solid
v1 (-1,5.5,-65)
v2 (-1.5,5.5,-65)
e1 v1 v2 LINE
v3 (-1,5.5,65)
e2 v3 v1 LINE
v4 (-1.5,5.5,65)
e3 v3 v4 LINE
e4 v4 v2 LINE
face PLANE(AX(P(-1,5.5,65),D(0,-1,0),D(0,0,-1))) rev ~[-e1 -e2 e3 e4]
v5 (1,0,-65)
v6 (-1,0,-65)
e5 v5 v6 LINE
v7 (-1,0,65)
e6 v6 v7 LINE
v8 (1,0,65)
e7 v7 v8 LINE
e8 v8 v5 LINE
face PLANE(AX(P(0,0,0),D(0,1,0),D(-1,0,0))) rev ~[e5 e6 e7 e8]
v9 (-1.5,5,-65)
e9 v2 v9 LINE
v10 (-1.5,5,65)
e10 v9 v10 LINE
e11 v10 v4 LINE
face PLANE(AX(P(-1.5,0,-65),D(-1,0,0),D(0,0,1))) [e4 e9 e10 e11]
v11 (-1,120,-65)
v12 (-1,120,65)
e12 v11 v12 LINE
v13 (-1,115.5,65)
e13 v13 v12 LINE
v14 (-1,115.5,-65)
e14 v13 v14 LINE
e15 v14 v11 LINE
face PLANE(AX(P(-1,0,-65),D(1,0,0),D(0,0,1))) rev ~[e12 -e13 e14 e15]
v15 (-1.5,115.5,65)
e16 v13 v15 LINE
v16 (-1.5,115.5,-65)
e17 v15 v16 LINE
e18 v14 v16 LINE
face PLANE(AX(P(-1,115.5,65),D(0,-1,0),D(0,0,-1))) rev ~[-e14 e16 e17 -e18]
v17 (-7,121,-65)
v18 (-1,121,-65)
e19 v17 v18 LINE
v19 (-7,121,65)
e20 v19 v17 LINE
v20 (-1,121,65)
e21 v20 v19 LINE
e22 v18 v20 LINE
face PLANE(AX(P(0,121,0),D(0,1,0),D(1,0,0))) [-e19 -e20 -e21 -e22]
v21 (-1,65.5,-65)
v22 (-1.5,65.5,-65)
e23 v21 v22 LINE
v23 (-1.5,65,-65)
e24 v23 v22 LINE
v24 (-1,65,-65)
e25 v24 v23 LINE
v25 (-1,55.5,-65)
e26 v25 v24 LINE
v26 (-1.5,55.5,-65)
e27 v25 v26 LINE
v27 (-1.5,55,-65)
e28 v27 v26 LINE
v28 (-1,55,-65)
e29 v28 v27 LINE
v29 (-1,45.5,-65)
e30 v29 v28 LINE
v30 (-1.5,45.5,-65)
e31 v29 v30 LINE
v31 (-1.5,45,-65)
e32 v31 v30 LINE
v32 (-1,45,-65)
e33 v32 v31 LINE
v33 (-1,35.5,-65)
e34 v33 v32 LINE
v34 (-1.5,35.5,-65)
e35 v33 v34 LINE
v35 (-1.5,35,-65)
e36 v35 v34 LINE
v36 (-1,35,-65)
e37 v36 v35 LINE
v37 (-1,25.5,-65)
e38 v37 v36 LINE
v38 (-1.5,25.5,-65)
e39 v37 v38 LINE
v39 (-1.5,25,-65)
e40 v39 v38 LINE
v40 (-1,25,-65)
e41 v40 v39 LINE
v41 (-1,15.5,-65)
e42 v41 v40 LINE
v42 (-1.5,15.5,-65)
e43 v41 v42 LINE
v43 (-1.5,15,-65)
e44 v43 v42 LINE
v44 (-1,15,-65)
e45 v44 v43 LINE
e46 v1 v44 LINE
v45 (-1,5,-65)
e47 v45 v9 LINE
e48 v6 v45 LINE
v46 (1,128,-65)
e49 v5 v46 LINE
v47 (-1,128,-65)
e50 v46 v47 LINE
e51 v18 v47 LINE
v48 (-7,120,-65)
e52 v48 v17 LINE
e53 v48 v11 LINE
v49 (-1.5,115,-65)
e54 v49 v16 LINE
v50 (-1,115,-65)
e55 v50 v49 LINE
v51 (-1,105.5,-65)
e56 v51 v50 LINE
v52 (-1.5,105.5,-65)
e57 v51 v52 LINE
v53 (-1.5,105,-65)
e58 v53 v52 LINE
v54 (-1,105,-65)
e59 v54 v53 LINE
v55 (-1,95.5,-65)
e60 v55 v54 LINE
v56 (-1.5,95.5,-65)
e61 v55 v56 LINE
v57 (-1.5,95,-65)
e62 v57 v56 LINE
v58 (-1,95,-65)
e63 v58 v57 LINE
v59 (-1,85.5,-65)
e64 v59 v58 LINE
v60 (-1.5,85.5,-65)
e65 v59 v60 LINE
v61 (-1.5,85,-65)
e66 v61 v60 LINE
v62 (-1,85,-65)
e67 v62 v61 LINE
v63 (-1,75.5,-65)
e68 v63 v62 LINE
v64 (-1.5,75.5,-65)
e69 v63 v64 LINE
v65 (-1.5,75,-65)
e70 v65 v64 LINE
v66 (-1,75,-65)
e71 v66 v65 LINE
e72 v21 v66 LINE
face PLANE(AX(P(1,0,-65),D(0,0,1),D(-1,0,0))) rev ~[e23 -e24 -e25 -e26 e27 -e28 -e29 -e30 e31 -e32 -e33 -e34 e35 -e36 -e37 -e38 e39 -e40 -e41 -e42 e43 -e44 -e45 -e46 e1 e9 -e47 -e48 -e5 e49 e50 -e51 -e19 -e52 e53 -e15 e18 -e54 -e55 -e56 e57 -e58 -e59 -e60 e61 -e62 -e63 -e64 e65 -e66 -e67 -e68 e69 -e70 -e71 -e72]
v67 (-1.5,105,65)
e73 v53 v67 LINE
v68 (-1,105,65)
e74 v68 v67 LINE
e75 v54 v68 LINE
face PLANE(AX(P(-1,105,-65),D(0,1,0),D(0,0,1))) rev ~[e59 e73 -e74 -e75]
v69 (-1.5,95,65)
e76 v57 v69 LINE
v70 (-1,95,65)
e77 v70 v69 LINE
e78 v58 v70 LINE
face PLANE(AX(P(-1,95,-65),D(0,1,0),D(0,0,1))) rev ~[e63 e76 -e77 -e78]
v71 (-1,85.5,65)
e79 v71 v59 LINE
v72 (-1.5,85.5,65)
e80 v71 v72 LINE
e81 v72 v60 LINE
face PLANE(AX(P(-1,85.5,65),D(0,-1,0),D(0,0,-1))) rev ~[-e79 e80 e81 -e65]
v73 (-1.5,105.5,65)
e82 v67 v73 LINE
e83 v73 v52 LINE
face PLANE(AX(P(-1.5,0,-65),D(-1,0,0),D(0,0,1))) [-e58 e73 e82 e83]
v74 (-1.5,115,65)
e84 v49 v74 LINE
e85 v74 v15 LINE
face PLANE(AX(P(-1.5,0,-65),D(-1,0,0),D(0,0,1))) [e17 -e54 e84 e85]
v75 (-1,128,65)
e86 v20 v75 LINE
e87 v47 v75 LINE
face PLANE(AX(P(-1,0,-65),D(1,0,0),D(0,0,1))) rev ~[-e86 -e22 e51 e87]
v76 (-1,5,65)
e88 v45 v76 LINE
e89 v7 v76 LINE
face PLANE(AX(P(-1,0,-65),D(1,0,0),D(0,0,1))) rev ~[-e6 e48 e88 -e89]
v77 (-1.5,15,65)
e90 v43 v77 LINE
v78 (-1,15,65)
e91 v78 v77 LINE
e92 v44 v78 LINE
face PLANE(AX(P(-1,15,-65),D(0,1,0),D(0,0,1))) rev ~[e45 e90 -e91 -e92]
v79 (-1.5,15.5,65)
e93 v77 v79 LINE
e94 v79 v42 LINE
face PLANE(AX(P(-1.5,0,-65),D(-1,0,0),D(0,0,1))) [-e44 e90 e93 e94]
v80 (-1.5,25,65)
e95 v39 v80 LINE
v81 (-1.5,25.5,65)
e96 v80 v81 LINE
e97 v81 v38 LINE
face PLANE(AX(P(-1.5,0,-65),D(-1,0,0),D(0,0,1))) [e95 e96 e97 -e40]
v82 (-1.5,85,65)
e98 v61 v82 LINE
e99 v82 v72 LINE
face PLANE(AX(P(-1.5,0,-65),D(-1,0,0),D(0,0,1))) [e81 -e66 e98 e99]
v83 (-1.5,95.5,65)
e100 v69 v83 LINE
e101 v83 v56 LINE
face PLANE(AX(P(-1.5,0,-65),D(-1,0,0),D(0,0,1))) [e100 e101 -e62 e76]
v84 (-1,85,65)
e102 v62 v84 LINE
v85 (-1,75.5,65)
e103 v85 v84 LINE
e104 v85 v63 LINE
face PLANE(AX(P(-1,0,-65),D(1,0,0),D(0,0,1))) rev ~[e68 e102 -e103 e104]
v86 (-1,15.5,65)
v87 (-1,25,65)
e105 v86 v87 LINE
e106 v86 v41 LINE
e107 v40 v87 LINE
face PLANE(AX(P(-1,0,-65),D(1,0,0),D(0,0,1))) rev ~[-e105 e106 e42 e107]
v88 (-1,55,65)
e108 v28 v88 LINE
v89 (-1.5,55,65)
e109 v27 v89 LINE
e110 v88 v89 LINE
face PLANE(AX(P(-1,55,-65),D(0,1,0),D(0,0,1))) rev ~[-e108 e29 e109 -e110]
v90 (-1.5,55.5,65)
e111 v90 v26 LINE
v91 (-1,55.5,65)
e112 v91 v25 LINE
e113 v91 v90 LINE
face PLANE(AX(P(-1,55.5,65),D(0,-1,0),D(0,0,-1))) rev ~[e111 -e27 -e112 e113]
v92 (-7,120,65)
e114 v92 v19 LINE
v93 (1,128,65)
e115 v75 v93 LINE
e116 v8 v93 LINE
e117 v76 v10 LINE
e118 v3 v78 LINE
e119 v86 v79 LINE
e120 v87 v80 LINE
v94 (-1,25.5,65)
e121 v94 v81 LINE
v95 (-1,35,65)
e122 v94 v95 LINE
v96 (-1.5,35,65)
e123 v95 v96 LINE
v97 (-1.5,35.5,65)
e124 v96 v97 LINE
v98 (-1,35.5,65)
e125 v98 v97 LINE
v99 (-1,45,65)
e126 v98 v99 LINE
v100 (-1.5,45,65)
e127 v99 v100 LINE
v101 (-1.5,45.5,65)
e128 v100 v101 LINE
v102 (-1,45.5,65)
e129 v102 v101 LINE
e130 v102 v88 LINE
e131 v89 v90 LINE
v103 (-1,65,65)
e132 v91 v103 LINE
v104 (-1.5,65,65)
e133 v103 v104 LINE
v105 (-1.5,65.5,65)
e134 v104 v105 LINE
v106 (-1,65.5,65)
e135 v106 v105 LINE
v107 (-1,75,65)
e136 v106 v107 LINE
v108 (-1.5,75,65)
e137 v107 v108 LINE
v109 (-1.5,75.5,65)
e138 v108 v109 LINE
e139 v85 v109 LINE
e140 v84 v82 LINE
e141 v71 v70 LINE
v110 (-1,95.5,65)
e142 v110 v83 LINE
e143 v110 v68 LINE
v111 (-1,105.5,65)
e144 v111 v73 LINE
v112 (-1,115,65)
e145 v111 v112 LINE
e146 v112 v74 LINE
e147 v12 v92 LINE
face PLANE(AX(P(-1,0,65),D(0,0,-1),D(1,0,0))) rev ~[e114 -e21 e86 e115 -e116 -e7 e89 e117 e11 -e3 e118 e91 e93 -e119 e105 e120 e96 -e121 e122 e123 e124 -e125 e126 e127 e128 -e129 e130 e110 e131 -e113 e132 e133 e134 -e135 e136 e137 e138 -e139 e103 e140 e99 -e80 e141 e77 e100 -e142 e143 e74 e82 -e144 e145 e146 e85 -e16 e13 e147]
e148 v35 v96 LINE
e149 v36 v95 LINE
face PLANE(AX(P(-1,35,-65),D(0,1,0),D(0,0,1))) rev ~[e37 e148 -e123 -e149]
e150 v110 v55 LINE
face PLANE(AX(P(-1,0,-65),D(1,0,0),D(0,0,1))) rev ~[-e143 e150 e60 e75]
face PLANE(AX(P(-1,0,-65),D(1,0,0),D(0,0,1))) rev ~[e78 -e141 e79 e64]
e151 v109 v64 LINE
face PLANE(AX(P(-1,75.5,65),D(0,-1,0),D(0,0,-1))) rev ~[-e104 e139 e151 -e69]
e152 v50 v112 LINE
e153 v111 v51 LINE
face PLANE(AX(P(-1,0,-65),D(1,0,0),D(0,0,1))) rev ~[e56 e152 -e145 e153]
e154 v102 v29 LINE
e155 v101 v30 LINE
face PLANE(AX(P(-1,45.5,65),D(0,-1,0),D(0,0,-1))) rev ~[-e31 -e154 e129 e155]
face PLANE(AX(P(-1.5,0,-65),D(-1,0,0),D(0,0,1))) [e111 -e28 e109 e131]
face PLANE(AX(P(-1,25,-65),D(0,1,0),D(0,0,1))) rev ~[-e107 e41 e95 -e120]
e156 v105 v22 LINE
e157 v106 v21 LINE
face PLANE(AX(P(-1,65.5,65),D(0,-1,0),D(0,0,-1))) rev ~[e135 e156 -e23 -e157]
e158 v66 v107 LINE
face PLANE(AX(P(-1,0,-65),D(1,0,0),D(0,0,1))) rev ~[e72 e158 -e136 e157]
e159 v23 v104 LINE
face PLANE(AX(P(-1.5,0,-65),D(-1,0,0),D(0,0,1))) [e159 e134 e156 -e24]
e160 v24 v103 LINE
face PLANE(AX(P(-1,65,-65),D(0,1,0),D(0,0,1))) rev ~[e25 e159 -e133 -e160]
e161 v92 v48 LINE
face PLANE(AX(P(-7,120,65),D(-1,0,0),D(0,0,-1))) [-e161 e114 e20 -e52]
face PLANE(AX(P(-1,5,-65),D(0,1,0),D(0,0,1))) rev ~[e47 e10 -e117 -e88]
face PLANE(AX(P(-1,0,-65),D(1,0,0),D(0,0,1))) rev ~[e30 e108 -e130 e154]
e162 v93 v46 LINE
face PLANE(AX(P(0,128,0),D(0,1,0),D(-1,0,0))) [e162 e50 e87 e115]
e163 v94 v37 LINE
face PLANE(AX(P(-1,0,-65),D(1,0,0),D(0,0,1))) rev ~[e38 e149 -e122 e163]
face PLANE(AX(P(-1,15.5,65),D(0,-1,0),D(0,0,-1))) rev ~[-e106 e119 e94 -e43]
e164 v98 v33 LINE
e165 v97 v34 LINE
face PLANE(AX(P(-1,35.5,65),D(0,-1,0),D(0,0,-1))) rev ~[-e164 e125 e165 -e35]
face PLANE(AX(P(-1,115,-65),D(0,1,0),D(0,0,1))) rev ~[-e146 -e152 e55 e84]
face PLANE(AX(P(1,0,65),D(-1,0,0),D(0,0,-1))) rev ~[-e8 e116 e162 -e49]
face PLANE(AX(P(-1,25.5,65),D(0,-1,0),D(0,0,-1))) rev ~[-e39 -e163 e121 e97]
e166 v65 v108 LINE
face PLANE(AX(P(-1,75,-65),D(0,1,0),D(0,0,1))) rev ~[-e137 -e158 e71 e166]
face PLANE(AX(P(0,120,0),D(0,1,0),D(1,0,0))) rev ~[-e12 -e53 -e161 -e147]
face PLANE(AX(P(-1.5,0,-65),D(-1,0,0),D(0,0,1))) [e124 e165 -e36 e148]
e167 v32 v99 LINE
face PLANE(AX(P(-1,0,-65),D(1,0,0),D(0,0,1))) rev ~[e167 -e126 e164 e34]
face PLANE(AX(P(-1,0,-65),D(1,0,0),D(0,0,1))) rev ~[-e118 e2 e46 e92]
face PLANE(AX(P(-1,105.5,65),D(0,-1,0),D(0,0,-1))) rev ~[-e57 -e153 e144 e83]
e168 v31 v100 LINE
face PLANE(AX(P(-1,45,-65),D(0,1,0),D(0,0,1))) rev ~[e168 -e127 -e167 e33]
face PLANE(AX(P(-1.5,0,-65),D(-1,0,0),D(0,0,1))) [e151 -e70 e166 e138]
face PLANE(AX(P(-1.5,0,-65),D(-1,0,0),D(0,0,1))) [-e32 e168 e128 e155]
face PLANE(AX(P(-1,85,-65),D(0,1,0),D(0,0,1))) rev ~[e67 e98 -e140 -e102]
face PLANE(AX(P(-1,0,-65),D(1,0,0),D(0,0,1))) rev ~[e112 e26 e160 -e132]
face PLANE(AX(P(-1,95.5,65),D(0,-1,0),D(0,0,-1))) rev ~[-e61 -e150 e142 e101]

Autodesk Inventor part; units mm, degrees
ref_plane "YZ Plane" through (0, 0, 0) normal (1, 0, 0) x (0, 1, 0)
ref_plane "XZ Plane" through (0, 0, 0) normal (0, 1, 0) x (-1, 0, 0)
sketch "Sketch1" plane through (0, 0, 0) normal (0, 1, 0) x (-1, 0, 0)
  line L0 (1, 65) -> (-1, 65)
  line L1 (-1, 65) -> (-1, -65)
  line L2 (-1, -65) -> (1, -65)
  line L3 (1, -65) -> (1, 65)
  line L4 (1, 65) -> (-1, -65) construction
  point P0 (0, 0)
  point P1 (0, 0)
  dimension "d0" = 130
  dimension "d1" = 2
extrude "Extrusion1" add sketch "Sketch1" along normal blind 128
ref_plane "Work Plane1" through (0, 120, 0) normal (0, 1, 0) x (1, 0, 0)
sketch "Sketch2" plane through (0, 120, 0) normal (0, 1, 0) x (1, 0, 0)
  line L0 (-1, -65) -> (1, -65) projected
  line L1 (1, 65) -> (-1, 65) projected
  line L2 (-1, -65) -> (-7, -65)
  line L3 (-7, -65) -> (-7, 65)
  line L4 (-7, 65) -> (-1, 65)
  line L5 (-1, 65) -> (-1, -65)
  point P0 (0, 0)
  dimension "d5" = 6
extrude "Extrusion2" add sketch "Sketch2" along normal blind 1
sketch "Sketch3" plane through (-1, 0, -65) normal (-1, 0, 0) x (0, 0, 1)
  line L0 (0, 5) -> (130, 5)
  line L1 (130, 5) -> (130, 5.5)
  line L2 (130, 5.5) -> (0, 5.5)
  line L3 (0, 5.5) -> (0, 5)
  line L4 (0, 0) -> (0, 120) projected
  line L5 (130, 0) -> (130, 120) projected
  line L6 (0, 0) -> (130, 0) projected
  line L7 (0, 15) -> (130, 15)
  line L8 (130, 15) -> (130, 15.5)
  line L9 (130, 15.5) -> (0, 15.5)
  line L10 (0, 15.5) -> (0, 15)
  line L11 (0, 25) -> (130, 25)
  line L12 (130, 25) -> (130, 25.5)
  line L13 (130, 25.5) -> (0, 25.5)
  line L14 (0, 25.5) -> (0, 25)
  line L15 (0, 35) -> (130, 35)
  line L16 (130, 35) -> (130, 35.5)
  line L17 (130, 35.5) -> (0, 35.5)
  line L18 (0, 35.5) -> (0, 35)
  line L19 (0, 45) -> (130, 45)
  line L20 (130, 45) -> (130, 45.5)
  line L21 (130, 45.5) -> (0, 45.5)
  line L22 (0, 45.5) -> (0, 45)
  line L23 (0, 55) -> (130, 55)
  line L24 (130, 55) -> (130, 55.5)
  line L25 (130, 55.5) -> (0, 55.5)
  line L26 (0, 55.5) -> (0, 55)
  line L27 (0, 65) -> (130, 65)
  line L28 (130, 65) -> (130, 65.5)
  line L29 (130, 65.5) -> (0, 65.5)
  line L30 (0, 65.5) -> (0, 65)
  line L31 (0, 75) -> (130, 75)
  line L32 (130, 75) -> (130, 75.5)
  line L33 (130, 75.5) -> (0, 75.5)
  line L34 (0, 75.5) -> (0, 75)
  line L35 (0, 85) -> (130, 85)
  line L36 (130, 85) -> (130, 85.5)
  line L37 (130, 85.5) -> (0, 85.5)
  line L38 (0, 85.5) -> (0, 85)
  line L39 (0, 95) -> (130, 95)
  line L40 (130, 95) -> (130, 95.5)
  line L41 (130, 95.5) -> (0, 95.5)
  line L42 (0, 95.5) -> (0, 95)
  line L43 (0, 105) -> (130, 105)
  line L44 (130, 105) -> (130, 105.5)
  line L45 (130, 105.5) -> (0, 105.5)
  line L46 (0, 105.5) -> (0, 105)
  line L47 (0, 115) -> (130, 115)
  line L48 (130, 115) -> (130, 115.5)
  line L49 (130, 115.5) -> (0, 115.5)
  line L50 (0, 115.5) -> (0, 115)
  point P0 (65, 0)
  dimension "d8" = 0.5
  dimension "d9" = 5
  dimension "d12" = 10
extrude "Extrusion3" add sketch "Sketch3" along normal blind 0.5 contours L3 L2 L1 L0 | L4 L9 L5 L7 | L4 L13 L5 L11 | L4 L17 L5 L15 | L4 L21 L5 L19 | L4 L25 L5 L23 | L4 L29 L5 L27 | L4 L33 L5 L31 | L4 L37 L5 L35 | L4 L41 L5 L39 | L4 L45 L5 L43 | L4 L49 L5 L47
properties part number "Platina forntal interna" material "Stainless Steel"
